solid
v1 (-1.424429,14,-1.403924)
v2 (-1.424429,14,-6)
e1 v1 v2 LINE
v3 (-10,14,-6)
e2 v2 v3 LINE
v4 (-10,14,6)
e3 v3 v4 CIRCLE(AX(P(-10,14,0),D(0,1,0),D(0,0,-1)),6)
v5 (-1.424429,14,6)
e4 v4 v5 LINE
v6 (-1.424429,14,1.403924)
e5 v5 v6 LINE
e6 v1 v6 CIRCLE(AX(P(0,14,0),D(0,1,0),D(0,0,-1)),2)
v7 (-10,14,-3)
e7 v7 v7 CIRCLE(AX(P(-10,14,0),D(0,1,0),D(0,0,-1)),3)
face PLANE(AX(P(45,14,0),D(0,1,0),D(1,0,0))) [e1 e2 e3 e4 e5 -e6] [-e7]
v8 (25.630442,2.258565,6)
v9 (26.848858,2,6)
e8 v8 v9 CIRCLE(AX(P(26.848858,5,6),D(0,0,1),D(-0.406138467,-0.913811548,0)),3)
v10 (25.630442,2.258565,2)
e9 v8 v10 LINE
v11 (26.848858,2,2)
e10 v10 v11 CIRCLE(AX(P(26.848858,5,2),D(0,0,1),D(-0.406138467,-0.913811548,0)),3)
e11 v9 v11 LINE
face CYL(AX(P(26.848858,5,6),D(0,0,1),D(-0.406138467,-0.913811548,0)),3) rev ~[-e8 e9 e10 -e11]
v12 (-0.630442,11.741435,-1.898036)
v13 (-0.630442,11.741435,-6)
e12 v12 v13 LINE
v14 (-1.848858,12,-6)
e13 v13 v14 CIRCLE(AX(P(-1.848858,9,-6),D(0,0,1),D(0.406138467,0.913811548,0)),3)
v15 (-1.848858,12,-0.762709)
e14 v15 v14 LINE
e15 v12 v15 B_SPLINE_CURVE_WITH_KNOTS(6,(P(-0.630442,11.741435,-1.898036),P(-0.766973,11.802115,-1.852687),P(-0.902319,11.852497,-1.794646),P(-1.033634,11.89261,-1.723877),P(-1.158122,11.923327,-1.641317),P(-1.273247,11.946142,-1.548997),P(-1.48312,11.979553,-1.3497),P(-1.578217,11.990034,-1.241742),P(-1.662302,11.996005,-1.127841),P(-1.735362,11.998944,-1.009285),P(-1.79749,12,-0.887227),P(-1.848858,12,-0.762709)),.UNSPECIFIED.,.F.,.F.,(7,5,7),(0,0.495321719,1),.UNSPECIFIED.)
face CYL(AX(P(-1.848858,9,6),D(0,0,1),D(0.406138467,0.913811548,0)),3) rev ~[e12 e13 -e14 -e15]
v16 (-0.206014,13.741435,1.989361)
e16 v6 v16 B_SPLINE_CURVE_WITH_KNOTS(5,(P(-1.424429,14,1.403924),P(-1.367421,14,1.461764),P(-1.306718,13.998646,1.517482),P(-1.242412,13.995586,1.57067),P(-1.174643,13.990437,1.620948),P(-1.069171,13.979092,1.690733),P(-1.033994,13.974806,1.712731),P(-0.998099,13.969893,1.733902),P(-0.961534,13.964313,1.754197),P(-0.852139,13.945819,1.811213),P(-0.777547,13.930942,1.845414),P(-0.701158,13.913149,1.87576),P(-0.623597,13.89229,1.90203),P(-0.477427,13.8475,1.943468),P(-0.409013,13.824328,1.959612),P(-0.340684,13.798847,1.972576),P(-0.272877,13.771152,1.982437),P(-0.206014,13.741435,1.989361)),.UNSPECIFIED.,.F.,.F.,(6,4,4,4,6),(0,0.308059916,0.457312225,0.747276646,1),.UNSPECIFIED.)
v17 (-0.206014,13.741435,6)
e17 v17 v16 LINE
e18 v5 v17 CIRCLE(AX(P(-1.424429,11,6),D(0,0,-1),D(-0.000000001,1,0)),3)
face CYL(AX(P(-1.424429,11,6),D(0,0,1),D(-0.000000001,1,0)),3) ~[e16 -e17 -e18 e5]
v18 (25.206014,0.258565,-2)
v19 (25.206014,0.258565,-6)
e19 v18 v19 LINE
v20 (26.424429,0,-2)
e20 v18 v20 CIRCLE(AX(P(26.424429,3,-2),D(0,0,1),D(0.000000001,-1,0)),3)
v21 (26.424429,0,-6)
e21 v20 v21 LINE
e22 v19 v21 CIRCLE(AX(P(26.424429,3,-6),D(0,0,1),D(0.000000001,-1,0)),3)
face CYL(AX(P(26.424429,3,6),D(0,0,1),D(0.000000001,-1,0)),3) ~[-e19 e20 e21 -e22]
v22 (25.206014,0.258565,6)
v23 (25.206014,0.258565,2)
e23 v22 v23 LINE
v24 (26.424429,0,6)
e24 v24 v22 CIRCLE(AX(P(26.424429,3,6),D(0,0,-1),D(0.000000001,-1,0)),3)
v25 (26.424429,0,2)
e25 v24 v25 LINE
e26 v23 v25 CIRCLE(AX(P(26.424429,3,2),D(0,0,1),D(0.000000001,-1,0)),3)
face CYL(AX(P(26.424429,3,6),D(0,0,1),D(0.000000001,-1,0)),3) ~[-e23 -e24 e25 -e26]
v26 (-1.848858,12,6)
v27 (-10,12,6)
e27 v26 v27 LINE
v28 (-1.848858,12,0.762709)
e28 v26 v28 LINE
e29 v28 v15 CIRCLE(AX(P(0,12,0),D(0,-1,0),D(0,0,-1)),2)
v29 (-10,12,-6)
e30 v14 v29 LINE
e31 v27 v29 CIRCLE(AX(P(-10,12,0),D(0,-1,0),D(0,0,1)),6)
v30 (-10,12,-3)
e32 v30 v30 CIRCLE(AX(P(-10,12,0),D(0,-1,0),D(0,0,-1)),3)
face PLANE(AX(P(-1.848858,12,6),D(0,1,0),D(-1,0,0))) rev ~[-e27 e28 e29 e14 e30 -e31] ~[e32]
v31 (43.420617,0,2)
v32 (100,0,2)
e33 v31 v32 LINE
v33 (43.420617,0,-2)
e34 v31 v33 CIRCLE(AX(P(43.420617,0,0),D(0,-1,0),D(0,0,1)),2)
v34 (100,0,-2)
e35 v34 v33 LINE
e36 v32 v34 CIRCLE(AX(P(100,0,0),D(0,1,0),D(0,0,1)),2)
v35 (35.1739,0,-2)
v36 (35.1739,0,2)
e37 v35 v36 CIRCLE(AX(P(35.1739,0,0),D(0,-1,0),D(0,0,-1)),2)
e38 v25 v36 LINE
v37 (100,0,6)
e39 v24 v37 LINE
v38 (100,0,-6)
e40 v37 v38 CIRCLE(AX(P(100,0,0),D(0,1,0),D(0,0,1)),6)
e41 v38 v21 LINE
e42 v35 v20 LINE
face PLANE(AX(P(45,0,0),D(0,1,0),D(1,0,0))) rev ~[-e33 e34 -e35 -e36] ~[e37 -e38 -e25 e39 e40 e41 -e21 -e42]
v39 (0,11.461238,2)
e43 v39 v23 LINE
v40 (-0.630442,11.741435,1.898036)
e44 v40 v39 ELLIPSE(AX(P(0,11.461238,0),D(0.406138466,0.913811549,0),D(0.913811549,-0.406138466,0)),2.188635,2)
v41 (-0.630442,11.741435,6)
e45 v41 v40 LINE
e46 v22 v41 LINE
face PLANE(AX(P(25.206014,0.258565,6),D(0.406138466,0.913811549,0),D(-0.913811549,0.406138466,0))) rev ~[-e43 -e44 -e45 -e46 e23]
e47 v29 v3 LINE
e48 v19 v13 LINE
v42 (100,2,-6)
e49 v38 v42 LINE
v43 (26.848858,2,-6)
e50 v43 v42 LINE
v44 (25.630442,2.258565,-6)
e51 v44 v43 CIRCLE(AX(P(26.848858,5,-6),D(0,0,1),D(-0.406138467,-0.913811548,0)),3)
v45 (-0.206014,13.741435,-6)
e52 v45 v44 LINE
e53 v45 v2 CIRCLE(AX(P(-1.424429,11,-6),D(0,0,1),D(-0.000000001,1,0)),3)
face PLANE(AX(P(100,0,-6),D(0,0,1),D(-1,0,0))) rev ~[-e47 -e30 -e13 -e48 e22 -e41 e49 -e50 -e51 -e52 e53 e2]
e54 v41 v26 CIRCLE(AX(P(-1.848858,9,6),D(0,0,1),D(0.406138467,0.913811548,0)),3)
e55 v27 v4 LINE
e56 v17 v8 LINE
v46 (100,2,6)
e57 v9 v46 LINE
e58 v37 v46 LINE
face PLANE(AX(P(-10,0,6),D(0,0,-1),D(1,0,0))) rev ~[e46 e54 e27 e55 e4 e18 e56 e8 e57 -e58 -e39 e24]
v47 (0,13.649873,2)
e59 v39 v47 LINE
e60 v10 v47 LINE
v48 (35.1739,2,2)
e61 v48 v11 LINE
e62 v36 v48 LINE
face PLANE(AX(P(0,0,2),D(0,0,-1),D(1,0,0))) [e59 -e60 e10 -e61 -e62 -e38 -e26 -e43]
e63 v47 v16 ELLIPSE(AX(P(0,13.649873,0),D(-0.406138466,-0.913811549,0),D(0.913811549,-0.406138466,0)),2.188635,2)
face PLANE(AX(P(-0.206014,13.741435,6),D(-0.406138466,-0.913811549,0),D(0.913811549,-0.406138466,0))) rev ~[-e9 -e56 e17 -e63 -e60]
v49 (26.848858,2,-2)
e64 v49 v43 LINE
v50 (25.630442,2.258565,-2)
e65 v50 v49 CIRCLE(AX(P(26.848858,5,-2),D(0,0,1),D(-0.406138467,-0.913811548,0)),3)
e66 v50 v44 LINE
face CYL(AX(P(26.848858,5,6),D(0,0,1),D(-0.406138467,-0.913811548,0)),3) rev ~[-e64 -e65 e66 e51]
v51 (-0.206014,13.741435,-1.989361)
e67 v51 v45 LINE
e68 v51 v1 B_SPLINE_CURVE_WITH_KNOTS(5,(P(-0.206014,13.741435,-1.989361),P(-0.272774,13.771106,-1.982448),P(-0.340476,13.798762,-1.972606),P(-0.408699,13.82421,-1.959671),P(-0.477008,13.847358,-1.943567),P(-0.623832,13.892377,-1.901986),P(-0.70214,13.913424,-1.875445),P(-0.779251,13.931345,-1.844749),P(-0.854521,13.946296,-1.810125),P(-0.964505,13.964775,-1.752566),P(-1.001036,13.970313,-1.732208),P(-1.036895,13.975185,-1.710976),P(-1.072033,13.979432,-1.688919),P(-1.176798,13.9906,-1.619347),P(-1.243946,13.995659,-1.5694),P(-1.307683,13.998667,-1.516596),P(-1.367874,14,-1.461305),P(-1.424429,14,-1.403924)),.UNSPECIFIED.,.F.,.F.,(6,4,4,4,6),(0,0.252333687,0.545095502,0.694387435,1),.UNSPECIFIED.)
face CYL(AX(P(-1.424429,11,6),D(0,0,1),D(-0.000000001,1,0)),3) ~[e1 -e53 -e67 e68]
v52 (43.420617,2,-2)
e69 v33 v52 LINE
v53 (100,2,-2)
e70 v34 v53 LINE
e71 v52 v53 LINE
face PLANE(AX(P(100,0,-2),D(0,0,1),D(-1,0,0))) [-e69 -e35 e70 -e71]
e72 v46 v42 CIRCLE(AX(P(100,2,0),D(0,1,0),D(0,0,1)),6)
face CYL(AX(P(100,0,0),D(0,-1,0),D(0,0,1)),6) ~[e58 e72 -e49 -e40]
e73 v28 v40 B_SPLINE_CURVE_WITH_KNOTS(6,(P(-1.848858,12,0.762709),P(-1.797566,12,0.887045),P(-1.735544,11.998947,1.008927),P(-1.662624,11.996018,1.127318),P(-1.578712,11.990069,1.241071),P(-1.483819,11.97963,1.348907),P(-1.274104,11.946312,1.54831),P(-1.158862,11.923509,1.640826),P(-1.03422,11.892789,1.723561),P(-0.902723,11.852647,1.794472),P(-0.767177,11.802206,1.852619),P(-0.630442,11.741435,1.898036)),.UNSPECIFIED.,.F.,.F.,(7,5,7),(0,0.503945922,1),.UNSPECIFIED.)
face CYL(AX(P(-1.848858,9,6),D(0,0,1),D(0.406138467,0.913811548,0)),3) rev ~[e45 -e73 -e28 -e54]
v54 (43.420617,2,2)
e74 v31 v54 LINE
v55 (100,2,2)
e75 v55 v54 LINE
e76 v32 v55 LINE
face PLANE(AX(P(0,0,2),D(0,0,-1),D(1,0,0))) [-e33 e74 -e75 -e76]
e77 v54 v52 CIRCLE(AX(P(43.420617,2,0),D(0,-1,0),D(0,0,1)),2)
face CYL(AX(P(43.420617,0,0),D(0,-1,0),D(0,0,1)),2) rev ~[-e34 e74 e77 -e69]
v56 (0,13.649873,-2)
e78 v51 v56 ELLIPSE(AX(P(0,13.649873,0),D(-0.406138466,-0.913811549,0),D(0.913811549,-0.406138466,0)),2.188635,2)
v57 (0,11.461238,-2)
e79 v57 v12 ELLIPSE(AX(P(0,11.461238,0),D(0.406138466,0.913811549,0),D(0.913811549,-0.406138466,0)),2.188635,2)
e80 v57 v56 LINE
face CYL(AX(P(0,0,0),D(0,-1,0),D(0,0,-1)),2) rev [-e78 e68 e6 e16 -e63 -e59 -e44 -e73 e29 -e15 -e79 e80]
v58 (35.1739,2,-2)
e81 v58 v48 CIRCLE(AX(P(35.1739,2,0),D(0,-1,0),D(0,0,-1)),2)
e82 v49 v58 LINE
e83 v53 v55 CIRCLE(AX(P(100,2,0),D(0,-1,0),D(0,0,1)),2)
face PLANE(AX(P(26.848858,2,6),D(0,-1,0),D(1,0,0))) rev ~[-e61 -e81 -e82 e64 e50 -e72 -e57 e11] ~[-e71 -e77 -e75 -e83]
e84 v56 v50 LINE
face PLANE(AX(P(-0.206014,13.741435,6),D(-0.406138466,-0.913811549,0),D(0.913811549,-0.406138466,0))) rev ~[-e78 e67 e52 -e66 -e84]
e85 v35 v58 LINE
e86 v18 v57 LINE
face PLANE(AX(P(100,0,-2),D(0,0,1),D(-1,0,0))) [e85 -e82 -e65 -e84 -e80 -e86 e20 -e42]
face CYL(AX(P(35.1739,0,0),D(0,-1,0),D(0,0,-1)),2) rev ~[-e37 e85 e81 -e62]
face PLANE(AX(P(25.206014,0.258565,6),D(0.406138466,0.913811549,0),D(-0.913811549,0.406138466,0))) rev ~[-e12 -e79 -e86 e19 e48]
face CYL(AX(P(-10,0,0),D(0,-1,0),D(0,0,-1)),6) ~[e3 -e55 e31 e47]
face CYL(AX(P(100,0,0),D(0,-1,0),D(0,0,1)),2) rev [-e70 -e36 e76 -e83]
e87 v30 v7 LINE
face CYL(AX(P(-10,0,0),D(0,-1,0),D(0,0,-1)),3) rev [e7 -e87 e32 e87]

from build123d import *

# Parameters (mm, degrees)
SKETCH1_R           = 3
BOSS_EXTRUDE1_DEPTH = 14
SKETCH2_W           = 6
SKETCH2_H           = 12
CUT_EXTRUDE1_DEPTH  = 108.591821251


with BuildPart() as part:
    # Sketch1 → Boss-Extrude1 (new body)
    # profile 1 of 2: a face of its own
    with BuildSketch(Plane(origin=(0, 0, 0), x_dir=(1, 0, 0), z_dir=(0, 1, 0))):
        with BuildLine():
            Line((100, 6), (-10, 6))
            ThreePointArc((-10, 6), (-16, 0), (-10, -6))
            Line((-10, -6), (100, -6))
            ThreePointArc((100, -6), (106, 0), (100, 6))
        make_face()
        with Locations(Location((-10, 0, 0), (0, 0, 90))):
            Circle(SKETCH1_R, mode=Mode.SUBTRACT)
        with BuildLine():
            ThreePointArc((100, -2), (102, 0), (100, 2))
            Line((100, 2), (0, 2))
            ThreePointArc((0, 2), (-2, 0), (0, -2))
            Line((0, -2), (100, -2))
        make_face(mode=Mode.SUBTRACT)
    # profile 2 of 2: a face of its own
    with BuildSketch(Plane(origin=(0, 0, 0), x_dir=(1, 0, 0), z_dir=(0, 1, 0))):
        with BuildLine():
            Line((43.420617055, 2), (35.173899985, 2))
            ThreePointArc((35.173899985, 2), (37.173899985, 0), (35.173899985, -2))
            Line((35.173899985, -2), (43.420617055, -2))
            ThreePointArc((43.420617055, -2), (41.420617055, 0), (43.420617055, 2))
        make_face()
    extrude(amount=BOSS_EXTRUDE1_DEPTH)

    # Sketch2 → Cut-Extrude1 (cut, through all)
    with BuildSketch(Plane.XY.offset(6)):
        with BuildLine():
            Line((-10, 0), (26.424428901, 0))
            ThreePointArc((26.424428901, 0), (25.801654438, 0.065353178), (25.206013503, 0.258565354))
            Line((25.206013503, 0.258565354), (-0.630442404, 11.741434646))
            ThreePointArc((-0.630442404, 11.741434646), (-1.226083339, 11.934646822), (-1.848857802, 12))
            Line((-1.848857802, 12), (-10, 12))
            Line((-10, 12), (-10, 0))
        make_face()
        with BuildLine():
            Line((26.848857802, 2), (100, 2))
            Line((100, 2), (100, 14))
            Line((100, 14), (-1.424428901, 14))
            ThreePointArc((-1.424428901, 14), (-0.801654438, 13.934646822), (-0.206013503, 13.741434646))
            Line((-0.206013503, 13.741434646), (25.630442404, 2.258565354))
            ThreePointArc((25.630442404, 2.258565354), (26.226083339, 2.065353178), (26.848857802, 2))
        make_face()
        with Locations((103, 8)):
            Rectangle(SKETCH2_W, SKETCH2_H)
        with Locations((-13, 6)):
            Rectangle(SKETCH2_W, SKETCH2_H)
    extrude(amount=-CUT_EXTRUDE1_DEPTH, mode=Mode.SUBTRACT)


solid = part.part
